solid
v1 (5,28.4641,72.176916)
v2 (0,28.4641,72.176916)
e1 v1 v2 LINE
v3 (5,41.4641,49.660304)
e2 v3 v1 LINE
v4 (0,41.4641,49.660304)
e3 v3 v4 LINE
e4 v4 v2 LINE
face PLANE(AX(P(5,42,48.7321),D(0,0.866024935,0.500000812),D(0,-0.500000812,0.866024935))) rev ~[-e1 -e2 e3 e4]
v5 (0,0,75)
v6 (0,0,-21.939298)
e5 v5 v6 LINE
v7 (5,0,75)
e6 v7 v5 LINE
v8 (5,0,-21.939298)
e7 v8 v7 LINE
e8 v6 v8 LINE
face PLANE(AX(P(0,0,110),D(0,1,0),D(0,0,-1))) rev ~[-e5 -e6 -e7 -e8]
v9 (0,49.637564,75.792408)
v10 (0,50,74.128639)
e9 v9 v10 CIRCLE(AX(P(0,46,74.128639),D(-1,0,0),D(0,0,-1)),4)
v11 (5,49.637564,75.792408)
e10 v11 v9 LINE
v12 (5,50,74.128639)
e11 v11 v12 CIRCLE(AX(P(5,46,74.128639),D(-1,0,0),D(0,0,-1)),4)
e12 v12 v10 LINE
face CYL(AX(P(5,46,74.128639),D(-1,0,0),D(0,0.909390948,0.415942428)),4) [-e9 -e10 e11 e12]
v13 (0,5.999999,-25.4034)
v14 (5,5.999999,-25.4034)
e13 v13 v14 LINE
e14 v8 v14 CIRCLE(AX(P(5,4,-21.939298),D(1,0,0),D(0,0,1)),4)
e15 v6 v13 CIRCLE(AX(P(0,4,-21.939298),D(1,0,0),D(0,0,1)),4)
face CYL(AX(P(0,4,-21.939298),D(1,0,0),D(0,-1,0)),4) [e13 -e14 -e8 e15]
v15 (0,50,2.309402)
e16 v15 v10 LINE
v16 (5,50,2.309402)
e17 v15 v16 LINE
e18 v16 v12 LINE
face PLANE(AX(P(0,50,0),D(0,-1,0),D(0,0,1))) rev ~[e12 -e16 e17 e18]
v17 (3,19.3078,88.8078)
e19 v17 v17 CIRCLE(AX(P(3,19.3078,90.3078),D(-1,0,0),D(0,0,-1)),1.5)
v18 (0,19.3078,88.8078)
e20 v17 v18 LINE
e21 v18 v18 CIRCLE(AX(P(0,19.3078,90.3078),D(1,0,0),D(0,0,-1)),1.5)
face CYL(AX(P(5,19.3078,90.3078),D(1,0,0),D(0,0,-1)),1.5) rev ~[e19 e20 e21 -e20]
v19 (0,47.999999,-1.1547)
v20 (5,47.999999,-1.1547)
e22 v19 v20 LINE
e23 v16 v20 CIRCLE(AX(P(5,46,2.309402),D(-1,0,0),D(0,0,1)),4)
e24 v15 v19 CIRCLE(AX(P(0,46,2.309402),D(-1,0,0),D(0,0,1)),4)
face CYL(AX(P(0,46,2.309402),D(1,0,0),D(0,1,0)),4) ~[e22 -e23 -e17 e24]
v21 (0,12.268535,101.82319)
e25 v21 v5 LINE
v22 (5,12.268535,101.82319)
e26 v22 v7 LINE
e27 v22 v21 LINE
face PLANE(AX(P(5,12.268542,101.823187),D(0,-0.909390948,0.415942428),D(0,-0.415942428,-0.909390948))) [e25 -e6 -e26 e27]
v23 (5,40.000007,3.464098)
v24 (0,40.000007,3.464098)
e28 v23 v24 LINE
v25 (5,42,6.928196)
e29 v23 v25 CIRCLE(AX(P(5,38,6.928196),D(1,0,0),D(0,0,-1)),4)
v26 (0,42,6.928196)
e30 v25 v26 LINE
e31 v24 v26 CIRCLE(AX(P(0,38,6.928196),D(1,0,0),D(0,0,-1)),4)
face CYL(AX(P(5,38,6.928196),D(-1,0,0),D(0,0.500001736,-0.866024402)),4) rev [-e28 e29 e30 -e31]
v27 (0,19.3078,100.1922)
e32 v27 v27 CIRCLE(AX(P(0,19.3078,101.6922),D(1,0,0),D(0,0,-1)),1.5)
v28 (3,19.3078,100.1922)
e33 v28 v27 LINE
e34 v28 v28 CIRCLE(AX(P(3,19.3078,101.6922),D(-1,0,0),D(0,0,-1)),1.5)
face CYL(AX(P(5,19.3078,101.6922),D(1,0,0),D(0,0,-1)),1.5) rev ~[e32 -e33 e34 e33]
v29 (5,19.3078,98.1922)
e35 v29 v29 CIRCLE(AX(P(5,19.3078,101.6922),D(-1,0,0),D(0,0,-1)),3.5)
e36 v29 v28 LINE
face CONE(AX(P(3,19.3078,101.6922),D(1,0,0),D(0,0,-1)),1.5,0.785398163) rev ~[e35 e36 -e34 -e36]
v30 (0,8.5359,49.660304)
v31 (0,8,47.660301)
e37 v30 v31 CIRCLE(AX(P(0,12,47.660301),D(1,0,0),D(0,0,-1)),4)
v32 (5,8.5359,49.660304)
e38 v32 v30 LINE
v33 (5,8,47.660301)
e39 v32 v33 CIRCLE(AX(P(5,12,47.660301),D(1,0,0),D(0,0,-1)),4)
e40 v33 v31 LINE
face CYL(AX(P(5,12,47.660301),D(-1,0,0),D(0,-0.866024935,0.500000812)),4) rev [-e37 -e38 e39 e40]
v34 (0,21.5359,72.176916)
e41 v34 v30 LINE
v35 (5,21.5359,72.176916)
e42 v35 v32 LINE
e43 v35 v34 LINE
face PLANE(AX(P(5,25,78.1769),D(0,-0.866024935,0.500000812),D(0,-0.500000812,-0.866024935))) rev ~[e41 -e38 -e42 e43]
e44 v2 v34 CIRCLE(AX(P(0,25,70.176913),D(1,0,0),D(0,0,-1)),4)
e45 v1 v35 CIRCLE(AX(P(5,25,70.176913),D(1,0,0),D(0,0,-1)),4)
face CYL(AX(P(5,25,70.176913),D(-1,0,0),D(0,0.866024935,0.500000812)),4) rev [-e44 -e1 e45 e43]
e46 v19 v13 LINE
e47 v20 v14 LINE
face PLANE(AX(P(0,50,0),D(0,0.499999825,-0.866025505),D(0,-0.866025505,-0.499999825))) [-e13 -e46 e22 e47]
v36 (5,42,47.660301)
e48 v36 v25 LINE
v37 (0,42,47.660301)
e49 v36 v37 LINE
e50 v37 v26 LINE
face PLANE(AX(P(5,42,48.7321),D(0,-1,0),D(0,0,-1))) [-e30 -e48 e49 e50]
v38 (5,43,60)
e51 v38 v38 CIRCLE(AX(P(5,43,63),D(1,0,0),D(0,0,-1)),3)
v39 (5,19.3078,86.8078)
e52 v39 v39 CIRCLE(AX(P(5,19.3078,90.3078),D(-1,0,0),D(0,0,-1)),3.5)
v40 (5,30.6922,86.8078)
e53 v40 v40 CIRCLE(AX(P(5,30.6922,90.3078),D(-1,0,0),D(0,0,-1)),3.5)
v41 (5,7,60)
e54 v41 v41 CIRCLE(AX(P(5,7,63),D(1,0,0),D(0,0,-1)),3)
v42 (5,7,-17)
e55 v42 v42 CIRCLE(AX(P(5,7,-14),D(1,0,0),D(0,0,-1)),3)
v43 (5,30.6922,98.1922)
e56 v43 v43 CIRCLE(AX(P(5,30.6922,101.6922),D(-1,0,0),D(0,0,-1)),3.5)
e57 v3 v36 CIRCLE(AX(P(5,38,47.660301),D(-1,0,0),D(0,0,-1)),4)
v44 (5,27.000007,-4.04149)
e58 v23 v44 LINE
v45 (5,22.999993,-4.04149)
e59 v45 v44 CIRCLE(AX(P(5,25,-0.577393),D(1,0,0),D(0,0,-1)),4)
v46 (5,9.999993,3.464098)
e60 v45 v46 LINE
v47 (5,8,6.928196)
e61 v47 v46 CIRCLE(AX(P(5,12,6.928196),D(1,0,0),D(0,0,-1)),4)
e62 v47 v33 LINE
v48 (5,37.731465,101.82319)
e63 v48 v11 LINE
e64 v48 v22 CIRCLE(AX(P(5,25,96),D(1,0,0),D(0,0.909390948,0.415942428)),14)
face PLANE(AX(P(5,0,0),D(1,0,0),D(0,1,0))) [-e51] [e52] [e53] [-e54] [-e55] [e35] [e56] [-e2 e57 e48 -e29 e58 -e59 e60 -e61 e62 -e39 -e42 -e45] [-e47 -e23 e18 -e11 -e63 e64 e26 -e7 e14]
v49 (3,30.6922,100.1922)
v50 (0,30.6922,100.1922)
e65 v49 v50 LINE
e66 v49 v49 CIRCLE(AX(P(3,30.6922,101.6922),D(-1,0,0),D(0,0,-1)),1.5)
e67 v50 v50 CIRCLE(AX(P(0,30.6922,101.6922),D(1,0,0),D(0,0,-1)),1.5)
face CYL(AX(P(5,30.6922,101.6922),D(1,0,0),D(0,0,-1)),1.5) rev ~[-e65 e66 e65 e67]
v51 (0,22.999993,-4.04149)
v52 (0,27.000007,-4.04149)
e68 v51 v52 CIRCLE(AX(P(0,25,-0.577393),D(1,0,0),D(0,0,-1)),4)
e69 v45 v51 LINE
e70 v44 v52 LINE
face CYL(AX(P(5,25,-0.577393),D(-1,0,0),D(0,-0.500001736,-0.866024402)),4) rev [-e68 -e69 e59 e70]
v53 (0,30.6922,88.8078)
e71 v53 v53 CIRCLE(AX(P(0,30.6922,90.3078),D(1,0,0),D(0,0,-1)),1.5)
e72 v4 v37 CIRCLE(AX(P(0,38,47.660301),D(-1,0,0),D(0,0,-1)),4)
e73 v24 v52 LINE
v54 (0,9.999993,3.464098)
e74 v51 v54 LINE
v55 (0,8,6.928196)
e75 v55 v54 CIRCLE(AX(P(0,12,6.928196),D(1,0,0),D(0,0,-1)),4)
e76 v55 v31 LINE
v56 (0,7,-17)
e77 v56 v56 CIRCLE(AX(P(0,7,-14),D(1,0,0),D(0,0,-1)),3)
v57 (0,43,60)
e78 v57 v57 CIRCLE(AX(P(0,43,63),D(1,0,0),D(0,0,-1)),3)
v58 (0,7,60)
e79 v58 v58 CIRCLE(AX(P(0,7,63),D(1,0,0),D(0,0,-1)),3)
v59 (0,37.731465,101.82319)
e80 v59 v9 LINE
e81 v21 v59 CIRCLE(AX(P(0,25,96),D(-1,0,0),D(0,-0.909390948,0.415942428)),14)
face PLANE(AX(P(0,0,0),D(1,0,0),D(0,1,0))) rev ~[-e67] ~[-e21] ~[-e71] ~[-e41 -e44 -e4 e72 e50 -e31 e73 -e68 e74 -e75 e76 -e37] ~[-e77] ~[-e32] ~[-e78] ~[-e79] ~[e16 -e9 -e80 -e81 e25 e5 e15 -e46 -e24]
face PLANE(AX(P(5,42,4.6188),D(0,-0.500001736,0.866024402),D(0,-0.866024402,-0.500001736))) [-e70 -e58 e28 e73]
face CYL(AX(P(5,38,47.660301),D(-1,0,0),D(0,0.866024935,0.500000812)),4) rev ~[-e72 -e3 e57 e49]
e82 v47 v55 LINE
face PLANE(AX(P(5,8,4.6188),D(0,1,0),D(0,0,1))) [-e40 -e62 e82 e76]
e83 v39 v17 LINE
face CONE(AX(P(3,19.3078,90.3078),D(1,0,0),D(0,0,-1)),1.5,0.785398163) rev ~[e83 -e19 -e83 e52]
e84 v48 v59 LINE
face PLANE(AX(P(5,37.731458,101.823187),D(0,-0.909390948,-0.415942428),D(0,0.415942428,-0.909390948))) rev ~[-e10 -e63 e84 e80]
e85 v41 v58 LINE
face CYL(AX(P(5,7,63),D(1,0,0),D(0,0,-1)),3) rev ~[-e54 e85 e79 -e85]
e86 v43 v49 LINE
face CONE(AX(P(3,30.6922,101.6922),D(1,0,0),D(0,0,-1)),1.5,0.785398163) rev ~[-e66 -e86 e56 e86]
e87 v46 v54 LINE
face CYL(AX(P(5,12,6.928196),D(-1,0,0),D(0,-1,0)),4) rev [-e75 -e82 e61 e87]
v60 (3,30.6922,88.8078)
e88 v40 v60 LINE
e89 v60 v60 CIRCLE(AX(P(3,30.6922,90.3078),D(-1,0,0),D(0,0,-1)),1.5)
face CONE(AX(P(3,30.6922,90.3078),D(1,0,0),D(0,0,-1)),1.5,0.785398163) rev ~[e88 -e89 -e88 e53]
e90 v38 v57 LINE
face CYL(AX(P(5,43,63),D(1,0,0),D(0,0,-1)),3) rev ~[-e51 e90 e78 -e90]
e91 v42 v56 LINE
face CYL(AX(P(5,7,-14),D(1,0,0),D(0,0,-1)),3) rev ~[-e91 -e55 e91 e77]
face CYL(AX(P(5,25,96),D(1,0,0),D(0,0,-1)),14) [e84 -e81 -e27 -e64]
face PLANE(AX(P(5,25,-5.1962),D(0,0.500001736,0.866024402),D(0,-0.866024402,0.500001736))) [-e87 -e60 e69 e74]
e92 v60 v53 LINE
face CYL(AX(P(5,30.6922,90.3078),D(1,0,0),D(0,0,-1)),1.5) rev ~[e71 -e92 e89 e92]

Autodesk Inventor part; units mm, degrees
ref_plane "YZ Plane" through (0, 0, 0) normal (1, 0, 0) x (0, 1, 0)
ref_plane "XZ Plane" through (0, 0, 0) normal (0, 1, 0) x (-1, 0, 0)
ref_plane "XY Plane" through (0, 0, 0) normal (0, 0, 1) x (1, 0, 0)
sketch "Sketch1" plane through (0, 0, 0) normal (1, 0, 0) x (0, 1, 0)
  line L0 (0, 0) -> (50, 0)
  line L1 (50, 0) -> (50, 110)
  line L2 (50, 110) -> (0, 110)
  line L3 (0, 110) -> (0, 0)
  line L4 (50, 0) -> (0, -28.8675)
  line L5 (0, -28.8675) -> (0, 0)
  dimension "d0" = 110
  dimension "d1" = 50
  dimension "d68" = 60
extrude "Extrusion1" add sketch "Sketch1" along normal blind 5
fillet "Fillet1" radius 4 2 edges at (2.5, 50, 0) (2.5, 0, -28.8675)
sketch "Sketch2" plane through (5, 0, 0) normal (1, 0, 0) x (0, 0, -1)
  line L0 (-2.3094, 50) -> (-110, 50) projected
  line L1 (-110, 50) -> (-110, 0) projected
  line L2 (-110, 33.9915) -> (-75, 50)
  line L3 (-110, 16.0085) -> (-75, 0)
  line L4 (-110, 50) -> (-56.045, 50)
  line L5 (-56.045, 50) -> (-56.045, 0)
  line L6 (-56.045, 0) -> (-110, 0)
  line L7 (-110, 0) -> (-110, 50)
  line L8 (-110, 33.9915) -> (-110, 16.0085)
  line L9 (-110, 50) -> (-110, 0) projected
  line L10 (-110, 0) -> (-75, 0)
  circle A0 centre (-96, 25) radius 14
  circle A1 centre (-96, 25) radius 8.05
  line L11 (-96, 25) -> (-90.3078, 19.3078)
  line L12 (-96, 25) -> (-87.95, 25) construction
  circle A2 centre (-90.3078, 19.3078) radius 1.5
  circle A3 centre (-90.3078, 30.6922) radius 1.5
  circle A4 centre (-101.6922, 30.6922) radius 1.5
  circle A5 centre (-101.6922, 19.3078) radius 1.5
  point P0 (0, 0)
  point P1 (-110, 0)
  point P2 (-75, 0)
  point P3 (-110, 25)
  point P4 (-101.8232, 37.7315)
  point P5 (-101.8232, 12.2685)
  dimension "d84" = 16.1
  dimension "d13" = 35
  dimension "d82" = 28
  dimension "d83" = 25
  dimension "d86" = 45
  dimension "d87" = 3
  dimension "d90" = 360
extrude "Extrusion2" cut sketch "Sketch2" against normal blind 5 contours L2 L1 L0 | A0 L1 L2 | L6 L1 L3 | A0 L3 L1 | A3 A1 | A1 A3 | A2 A1 | A1 L11 A2 | A1 A2 L11 | A4 A1 | A1 A4 | A5 A1 | A1 A5
fillet "Fillet3" radius 4 1 edges at (2.5, 50, 75)
chamfer "Chamfer1" distance 2 angle 45 4 edges at (5, 30.6922, 91.8078) (5, 19.3078, 91.8078) (5, 19.3078, 103.1922) (5, 30.6922, 103.1922)
sketch "Sketch7" plane through (5, 0, 0) normal (1, 0, 0) x (0, 0, -1)
  circle A0 centre (-63, 43) radius 3
  circle A1 centre (-63, 7) radius 3
  circle A2 centre (14, 7) radius 3
  line L0 (-2.3094, 50) -> (-74.1286, 50) projected
  line L1 (-74.1286, 0) -> (21.9393, 0) projected
  point P0 (0, 0)
  dimension "d97" = 7
  dimension "d98" = 7
  dimension "d99" = 6
  dimension "d100" = 63
  dimension "d101" = 14
extrude "Extrusion7" cut sketch "Sketch7" against normal blind 10
sketch "Sketch8" plane through (5, 0, 0) normal (1, 0, 0) x (0, 0, -1)
  line L0 (-48.7321, 42) -> (-4.6188, 42)
  line L1 (-4.6188, 42) -> (-4.6188, 8)
  line L2 (-4.6188, 8) -> (-48.7321, 8)
  line L3 (-48.7321, 8) -> (-48.7321, 42)
  line L4 (-48.7321, 42) -> (-78.1769, 25)
  line L5 (-78.1769, 25) -> (-48.7321, 8)
  line L6 (-4.6188, 42) -> (5.1962, 25)
  line L7 (5.1962, 25) -> (-4.6188, 8)
  line L8 (25.4034, 6) -> (1.1547, 48) projected
  line L9 (-2.3094, 50) -> (-74.1286, 50) projected
  line L10 (-74.1286, 0) -> (21.9393, 0) projected
  circle A0 centre (-63, 43) radius 3 projected
  point P0 (0, 0)
  dimension "d104" = 8
  dimension "d105" = 8
  dimension "d106" = 8
  dimension "d107" = 8
extrude "Extrusion8" cut sketch "Sketch8" against normal blind 10 contours L0 L1 L2 L3 | L3 L5 L4 | L6 L7 L1
fillet "Fillet5" radius 4 6 edges at (2.5, 25, 78.1769) (2.5, 42, 48.7321) (2.5, 42, 4.6188) (2.5, 25, -5.1962) (2.5, 8, 4.6188) (2.5, 8, 48.7321)
properties part number "frame_side"
